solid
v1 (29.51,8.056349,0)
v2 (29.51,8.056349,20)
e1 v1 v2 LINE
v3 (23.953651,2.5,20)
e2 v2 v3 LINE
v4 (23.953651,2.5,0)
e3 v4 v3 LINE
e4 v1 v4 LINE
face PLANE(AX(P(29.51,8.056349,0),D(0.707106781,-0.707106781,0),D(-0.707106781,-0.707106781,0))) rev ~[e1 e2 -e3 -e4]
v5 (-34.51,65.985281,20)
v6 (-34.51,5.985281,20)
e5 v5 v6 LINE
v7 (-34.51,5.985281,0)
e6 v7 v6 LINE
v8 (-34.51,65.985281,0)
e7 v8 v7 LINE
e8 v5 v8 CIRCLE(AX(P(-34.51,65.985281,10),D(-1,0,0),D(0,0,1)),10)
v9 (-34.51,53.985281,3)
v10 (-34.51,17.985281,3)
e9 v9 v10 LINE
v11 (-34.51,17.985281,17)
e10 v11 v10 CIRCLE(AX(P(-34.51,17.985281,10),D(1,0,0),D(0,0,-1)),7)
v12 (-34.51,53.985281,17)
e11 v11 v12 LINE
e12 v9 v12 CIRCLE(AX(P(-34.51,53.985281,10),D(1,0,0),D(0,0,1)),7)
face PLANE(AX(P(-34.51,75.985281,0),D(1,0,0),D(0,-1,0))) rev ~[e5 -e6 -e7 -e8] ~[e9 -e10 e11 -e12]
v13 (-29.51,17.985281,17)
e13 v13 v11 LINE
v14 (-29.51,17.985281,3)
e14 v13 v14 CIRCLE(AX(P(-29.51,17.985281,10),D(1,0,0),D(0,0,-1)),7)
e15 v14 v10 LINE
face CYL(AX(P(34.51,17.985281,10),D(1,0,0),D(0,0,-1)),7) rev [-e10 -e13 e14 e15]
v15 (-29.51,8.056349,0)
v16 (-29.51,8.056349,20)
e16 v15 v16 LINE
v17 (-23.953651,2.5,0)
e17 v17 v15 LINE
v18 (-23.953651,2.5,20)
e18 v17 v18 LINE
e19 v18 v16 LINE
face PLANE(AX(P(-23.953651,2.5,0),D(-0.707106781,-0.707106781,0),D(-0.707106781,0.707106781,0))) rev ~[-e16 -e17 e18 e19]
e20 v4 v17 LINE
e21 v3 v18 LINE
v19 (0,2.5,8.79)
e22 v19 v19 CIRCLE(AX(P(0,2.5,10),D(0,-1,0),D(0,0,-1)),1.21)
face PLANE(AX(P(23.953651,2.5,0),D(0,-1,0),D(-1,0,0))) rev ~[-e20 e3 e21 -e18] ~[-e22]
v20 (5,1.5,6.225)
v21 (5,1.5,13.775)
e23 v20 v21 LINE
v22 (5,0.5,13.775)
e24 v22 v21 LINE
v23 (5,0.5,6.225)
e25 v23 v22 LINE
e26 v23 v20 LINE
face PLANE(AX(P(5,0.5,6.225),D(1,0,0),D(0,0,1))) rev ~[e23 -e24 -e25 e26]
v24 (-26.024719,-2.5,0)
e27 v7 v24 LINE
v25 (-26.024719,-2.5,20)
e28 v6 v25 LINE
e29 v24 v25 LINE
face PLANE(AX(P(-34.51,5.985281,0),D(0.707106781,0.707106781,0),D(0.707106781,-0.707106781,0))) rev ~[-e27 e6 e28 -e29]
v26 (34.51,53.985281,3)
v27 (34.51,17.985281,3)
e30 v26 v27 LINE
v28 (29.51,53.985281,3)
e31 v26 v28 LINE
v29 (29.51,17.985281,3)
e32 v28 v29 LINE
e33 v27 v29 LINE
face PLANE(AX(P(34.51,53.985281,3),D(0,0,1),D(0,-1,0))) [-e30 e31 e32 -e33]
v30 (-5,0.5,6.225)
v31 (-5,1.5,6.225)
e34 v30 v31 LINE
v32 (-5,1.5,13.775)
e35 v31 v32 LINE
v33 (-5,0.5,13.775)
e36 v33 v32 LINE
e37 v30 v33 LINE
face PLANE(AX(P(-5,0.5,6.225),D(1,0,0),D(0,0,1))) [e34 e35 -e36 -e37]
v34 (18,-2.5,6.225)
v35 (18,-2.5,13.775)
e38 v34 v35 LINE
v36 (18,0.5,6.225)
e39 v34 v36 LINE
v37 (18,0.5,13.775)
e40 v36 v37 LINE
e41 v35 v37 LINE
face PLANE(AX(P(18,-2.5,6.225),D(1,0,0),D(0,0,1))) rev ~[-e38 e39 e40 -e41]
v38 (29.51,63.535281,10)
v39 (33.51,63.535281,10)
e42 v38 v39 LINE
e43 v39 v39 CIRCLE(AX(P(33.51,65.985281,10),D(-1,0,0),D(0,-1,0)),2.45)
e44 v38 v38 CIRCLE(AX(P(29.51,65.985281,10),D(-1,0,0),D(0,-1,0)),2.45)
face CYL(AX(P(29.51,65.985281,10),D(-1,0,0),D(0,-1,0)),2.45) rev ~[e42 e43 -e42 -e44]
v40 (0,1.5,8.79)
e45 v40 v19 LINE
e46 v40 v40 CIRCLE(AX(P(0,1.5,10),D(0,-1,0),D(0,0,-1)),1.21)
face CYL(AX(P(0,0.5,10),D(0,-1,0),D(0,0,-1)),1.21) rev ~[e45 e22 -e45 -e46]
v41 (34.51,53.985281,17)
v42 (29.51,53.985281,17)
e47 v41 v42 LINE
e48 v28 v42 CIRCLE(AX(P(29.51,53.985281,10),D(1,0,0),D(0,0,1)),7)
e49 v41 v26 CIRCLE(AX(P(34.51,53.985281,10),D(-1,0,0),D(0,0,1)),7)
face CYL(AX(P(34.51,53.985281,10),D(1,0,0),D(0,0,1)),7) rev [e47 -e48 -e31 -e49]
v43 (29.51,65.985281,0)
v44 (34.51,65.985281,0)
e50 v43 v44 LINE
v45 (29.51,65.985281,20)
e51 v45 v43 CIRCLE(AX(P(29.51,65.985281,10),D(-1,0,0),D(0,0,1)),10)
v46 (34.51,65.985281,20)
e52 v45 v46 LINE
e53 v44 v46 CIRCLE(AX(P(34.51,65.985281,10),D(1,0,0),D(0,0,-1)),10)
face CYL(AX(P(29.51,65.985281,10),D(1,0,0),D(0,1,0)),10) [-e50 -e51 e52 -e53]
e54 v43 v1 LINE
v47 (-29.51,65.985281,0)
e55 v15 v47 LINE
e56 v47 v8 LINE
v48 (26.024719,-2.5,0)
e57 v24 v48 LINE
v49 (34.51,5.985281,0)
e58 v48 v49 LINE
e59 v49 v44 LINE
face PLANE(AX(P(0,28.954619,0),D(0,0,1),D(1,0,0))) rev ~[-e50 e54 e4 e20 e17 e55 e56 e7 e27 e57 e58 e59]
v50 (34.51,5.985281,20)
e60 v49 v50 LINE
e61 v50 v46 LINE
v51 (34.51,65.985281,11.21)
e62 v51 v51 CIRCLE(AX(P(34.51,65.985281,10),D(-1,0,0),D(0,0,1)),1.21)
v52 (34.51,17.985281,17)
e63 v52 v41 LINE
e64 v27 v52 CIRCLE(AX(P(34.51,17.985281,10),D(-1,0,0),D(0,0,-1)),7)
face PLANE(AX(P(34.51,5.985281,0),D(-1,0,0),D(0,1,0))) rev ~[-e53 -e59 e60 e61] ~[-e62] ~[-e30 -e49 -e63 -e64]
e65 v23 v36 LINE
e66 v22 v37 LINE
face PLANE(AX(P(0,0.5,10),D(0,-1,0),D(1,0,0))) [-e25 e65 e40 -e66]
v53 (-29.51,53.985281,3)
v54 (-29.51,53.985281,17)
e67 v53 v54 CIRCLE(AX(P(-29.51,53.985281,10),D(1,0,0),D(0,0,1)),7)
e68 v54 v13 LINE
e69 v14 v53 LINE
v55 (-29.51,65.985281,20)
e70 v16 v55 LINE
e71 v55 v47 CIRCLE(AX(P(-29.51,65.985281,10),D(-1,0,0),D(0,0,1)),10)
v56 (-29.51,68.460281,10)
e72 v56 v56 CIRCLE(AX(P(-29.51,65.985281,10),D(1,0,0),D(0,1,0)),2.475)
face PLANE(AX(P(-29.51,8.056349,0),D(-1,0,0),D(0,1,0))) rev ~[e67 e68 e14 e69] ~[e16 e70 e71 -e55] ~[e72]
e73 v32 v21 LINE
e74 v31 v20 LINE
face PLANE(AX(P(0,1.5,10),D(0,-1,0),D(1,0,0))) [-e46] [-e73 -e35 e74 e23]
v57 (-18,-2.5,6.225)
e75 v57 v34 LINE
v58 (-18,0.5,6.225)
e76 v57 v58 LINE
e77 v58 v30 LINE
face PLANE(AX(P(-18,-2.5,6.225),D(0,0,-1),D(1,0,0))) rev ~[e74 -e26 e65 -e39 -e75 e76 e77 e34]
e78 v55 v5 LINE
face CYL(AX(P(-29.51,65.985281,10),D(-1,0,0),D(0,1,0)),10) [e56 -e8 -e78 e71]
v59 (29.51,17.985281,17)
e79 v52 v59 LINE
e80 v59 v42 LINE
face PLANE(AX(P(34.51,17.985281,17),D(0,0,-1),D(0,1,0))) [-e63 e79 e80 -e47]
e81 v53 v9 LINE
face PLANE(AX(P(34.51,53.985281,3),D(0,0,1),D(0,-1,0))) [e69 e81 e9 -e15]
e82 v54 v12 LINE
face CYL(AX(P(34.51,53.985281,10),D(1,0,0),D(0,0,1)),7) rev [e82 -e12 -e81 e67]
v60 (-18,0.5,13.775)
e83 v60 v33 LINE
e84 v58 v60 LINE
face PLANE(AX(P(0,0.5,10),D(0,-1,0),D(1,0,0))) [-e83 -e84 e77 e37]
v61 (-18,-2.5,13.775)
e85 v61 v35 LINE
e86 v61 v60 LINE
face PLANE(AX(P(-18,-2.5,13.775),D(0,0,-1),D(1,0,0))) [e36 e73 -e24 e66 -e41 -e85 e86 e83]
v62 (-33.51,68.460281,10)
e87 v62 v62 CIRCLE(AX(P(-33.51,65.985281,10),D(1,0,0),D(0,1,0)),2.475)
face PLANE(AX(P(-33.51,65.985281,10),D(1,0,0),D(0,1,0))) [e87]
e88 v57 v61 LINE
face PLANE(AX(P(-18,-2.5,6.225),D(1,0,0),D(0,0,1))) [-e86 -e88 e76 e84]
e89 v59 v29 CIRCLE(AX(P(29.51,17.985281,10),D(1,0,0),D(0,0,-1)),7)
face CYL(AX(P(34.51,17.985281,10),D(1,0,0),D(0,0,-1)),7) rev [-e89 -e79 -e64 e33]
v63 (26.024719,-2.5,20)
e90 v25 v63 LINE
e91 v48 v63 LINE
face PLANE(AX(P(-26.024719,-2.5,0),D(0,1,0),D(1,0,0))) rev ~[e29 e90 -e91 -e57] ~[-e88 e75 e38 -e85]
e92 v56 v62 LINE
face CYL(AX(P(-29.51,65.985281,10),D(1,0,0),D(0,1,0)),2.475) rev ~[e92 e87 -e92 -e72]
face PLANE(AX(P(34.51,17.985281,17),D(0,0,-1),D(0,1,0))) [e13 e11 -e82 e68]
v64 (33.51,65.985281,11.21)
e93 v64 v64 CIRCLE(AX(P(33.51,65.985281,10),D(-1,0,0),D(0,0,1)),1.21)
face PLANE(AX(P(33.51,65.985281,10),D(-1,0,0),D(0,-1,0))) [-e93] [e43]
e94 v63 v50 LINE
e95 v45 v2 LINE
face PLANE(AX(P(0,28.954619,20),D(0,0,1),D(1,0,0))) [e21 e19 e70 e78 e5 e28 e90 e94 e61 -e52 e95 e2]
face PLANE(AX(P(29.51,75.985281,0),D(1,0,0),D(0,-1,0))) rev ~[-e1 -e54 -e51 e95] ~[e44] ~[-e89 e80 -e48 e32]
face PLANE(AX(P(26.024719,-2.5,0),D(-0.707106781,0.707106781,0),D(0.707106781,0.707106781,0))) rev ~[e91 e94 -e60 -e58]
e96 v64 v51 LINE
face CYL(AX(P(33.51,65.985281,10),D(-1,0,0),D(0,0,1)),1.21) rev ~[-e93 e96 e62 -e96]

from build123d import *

# Parameters (mm, degrees)
BOSS_EXTRUDE1_DEPTH = 20
FILLET2_RADIUS      = 10
FILLET2_LENGTH      = 5
FILLET3_RADIUS      = 10
FILLET3_LENGTH      = 5
SKETCH2_W           = 36
SKETCH2_H           = 7.55
CUT_EXTRUDE1_DEPTH  = 3
CUT_EXTRUDE2_REACH  = 87.375
SKETCH4_R           = 1.21
SKETCH6_W           = 10
SKETCH6_H           = 7.55
CUT_EXTRUDE3_DEPTH  = 1
SKETCH7_R           = 2.45
CUT_EXTRUDE4_DEPTH  = 4
CUT_EXTRUDE5_REACH  = 105.925
SKETCH9_R           = 1.21
SKETCH10_R          = 2.475
CUT_EXTRUDE6_DEPTH  = 4
CUT_EXTRUDE7_DEPTH  = 105.582615121


with BuildPart() as part:
    # Sketch1 → Boss-Extrude1 (new body)
    with BuildSketch(Plane.XY):
        Polygon((-26.024718626, -2.5), (26.024718626, -2.5), (34.51, 5.985281374), (34.51, 75.985281374), (29.51, 75.985281374), (29.51, 8.056349186), (23.953650814, 2.5), (-23.953650814, 2.5), (-29.51, 8.056349186), (-29.51, 75.985281374), (-34.51, 75.985281374), (-34.51, 5.985281374), align=None)
    extrude(amount=BOSS_EXTRUDE1_DEPTH)

    # Fillet2: full round fillet: the end face becomes a half cylinder, R = half its width
    fillet2_face = Plane((-32.01, 75.985281374, 10), x_dir=(-1, 0, 0), z_dir=(0, 1, 0))  # on the end face: x along it, z out of the body
    fillet2_slab = fillet2_face.offset(-FILLET2_RADIUS / 2) * Box(FILLET2_LENGTH, 2 * FILLET2_RADIUS, FILLET2_RADIUS, mode=Mode.PRIVATE)  # the body's end, R deep
    fillet2_round = Plane((-32.01, 65.985281374, 10), x_dir=(0, 1, 0), z_dir=(-1, 0, 0)) * Cylinder(FILLET2_RADIUS, FILLET2_LENGTH, mode=Mode.PRIVATE)  # its axis R under the face
    add(fillet2_slab - fillet2_round, mode=Mode.SUBTRACT)

    # Fillet3: full round fillet: the end face becomes a half cylinder, R = half its width
    fillet3_face = Plane((32.01, 75.985281374, 10), x_dir=(1, 0, 0), z_dir=(0, 1, 0))  # on the end face: x along it, z out of the body
    fillet3_slab = fillet3_face.offset(-FILLET3_RADIUS / 2) * Box(FILLET3_LENGTH, 2 * FILLET3_RADIUS, FILLET3_RADIUS, mode=Mode.PRIVATE)  # the body's end, R deep
    fillet3_round = Plane((32.01, 65.985281374, 10), x_dir=(0, 1, 0), z_dir=(1, 0, 0)) * Cylinder(FILLET3_RADIUS, FILLET3_LENGTH, mode=Mode.PRIVATE)  # its axis R under the face
    add(fillet3_slab - fillet3_round, mode=Mode.SUBTRACT)

    # Sketch2 → Cut-Extrude1 (cut)
    with BuildSketch(Plane.XZ.offset(2.5)):
        with Locations((0, 10)):
            Rectangle(SKETCH2_W, SKETCH2_H)
    extrude(amount=-CUT_EXTRUDE1_DEPTH, mode=Mode.SUBTRACT)

    # Sketch4 → Cut-Extrude2 (cut, up to next)
    with BuildSketch(Plane.XZ.offset(-0.5), mode=Mode.PRIVATE) as cut_extrude2_sk1:
        with Locations(Location((0, 10, 0), (0, 0, 270))):
            Circle(SKETCH4_R)
    cut_extrude2_tool1 = extrude(cut_extrude2_sk1.sketch, amount=-CUT_EXTRUDE2_REACH, mode=Mode.PRIVATE) & part.part
    add(cut_extrude2_tool1.solids().sort_by_distance((0, 0.5, 10))[0], mode=Mode.SUBTRACT)

    # Sketch6 → Cut-Extrude3 (cut)
    with BuildSketch(Plane.XZ.offset(-0.5)):
        with Locations((0, 10)):
            Rectangle(SKETCH6_W, SKETCH6_H)
    extrude(amount=-CUT_EXTRUDE3_DEPTH, mode=Mode.SUBTRACT)

    # Sketch7 → Cut-Extrude4 (cut)
    with BuildSketch(Plane.ZY.offset(-29.51)):
        with Locations(Location((10, 65.985281374, 0), (0, 0, 270))):
            Circle(SKETCH7_R)
    extrude(amount=-CUT_EXTRUDE4_DEPTH, mode=Mode.SUBTRACT)

    # Sketch9 → Cut-Extrude5 (cut, up to next)
    with BuildSketch(Plane.ZY.offset(-33.51), mode=Mode.PRIVATE) as cut_extrude5_sk1:
        with Locations((10, 65.985281374)):
            Circle(SKETCH9_R)
    cut_extrude5_tool1 = extrude(cut_extrude5_sk1.sketch, amount=-CUT_EXTRUDE5_REACH, mode=Mode.PRIVATE) & part.part
    add(cut_extrude5_tool1.solids().sort_by_distance((33.51, 65.985281, 10))[0], mode=Mode.SUBTRACT)

    # Sketch10 → Cut-Extrude6 (cut)
    with BuildSketch(Plane(origin=(-29.51, 0, 0), x_dir=(0, 0, -1), z_dir=(1, 0, 0))):
        with Locations(Location((-10, 65.985281374, 0), (0, 0, 90))):
            Circle(SKETCH10_R)
    extrude(amount=-CUT_EXTRUDE6_DEPTH, mode=Mode.SUBTRACT)

    # Sketch11 → Cut-Extrude7 (cut, through all)
    with BuildSketch(Plane(origin=(34.51, 0, 0), x_dir=(0, 0, -1), z_dir=(1, 0, 0))):
        with BuildLine():
            Line((-3, 53.985281374), (-3, 17.985281374))
            ThreePointArc((-3, 17.985281374), (-10, 10.985281374), (-17, 17.985281374))
            Line((-17, 17.985281374), (-17, 53.985281374))
            ThreePointArc((-17, 53.985281374), (-10, 60.985281374), (-3, 53.985281374))
        make_face()
    extrude(amount=-CUT_EXTRUDE7_DEPTH, mode=Mode.SUBTRACT)


solid = part.part
